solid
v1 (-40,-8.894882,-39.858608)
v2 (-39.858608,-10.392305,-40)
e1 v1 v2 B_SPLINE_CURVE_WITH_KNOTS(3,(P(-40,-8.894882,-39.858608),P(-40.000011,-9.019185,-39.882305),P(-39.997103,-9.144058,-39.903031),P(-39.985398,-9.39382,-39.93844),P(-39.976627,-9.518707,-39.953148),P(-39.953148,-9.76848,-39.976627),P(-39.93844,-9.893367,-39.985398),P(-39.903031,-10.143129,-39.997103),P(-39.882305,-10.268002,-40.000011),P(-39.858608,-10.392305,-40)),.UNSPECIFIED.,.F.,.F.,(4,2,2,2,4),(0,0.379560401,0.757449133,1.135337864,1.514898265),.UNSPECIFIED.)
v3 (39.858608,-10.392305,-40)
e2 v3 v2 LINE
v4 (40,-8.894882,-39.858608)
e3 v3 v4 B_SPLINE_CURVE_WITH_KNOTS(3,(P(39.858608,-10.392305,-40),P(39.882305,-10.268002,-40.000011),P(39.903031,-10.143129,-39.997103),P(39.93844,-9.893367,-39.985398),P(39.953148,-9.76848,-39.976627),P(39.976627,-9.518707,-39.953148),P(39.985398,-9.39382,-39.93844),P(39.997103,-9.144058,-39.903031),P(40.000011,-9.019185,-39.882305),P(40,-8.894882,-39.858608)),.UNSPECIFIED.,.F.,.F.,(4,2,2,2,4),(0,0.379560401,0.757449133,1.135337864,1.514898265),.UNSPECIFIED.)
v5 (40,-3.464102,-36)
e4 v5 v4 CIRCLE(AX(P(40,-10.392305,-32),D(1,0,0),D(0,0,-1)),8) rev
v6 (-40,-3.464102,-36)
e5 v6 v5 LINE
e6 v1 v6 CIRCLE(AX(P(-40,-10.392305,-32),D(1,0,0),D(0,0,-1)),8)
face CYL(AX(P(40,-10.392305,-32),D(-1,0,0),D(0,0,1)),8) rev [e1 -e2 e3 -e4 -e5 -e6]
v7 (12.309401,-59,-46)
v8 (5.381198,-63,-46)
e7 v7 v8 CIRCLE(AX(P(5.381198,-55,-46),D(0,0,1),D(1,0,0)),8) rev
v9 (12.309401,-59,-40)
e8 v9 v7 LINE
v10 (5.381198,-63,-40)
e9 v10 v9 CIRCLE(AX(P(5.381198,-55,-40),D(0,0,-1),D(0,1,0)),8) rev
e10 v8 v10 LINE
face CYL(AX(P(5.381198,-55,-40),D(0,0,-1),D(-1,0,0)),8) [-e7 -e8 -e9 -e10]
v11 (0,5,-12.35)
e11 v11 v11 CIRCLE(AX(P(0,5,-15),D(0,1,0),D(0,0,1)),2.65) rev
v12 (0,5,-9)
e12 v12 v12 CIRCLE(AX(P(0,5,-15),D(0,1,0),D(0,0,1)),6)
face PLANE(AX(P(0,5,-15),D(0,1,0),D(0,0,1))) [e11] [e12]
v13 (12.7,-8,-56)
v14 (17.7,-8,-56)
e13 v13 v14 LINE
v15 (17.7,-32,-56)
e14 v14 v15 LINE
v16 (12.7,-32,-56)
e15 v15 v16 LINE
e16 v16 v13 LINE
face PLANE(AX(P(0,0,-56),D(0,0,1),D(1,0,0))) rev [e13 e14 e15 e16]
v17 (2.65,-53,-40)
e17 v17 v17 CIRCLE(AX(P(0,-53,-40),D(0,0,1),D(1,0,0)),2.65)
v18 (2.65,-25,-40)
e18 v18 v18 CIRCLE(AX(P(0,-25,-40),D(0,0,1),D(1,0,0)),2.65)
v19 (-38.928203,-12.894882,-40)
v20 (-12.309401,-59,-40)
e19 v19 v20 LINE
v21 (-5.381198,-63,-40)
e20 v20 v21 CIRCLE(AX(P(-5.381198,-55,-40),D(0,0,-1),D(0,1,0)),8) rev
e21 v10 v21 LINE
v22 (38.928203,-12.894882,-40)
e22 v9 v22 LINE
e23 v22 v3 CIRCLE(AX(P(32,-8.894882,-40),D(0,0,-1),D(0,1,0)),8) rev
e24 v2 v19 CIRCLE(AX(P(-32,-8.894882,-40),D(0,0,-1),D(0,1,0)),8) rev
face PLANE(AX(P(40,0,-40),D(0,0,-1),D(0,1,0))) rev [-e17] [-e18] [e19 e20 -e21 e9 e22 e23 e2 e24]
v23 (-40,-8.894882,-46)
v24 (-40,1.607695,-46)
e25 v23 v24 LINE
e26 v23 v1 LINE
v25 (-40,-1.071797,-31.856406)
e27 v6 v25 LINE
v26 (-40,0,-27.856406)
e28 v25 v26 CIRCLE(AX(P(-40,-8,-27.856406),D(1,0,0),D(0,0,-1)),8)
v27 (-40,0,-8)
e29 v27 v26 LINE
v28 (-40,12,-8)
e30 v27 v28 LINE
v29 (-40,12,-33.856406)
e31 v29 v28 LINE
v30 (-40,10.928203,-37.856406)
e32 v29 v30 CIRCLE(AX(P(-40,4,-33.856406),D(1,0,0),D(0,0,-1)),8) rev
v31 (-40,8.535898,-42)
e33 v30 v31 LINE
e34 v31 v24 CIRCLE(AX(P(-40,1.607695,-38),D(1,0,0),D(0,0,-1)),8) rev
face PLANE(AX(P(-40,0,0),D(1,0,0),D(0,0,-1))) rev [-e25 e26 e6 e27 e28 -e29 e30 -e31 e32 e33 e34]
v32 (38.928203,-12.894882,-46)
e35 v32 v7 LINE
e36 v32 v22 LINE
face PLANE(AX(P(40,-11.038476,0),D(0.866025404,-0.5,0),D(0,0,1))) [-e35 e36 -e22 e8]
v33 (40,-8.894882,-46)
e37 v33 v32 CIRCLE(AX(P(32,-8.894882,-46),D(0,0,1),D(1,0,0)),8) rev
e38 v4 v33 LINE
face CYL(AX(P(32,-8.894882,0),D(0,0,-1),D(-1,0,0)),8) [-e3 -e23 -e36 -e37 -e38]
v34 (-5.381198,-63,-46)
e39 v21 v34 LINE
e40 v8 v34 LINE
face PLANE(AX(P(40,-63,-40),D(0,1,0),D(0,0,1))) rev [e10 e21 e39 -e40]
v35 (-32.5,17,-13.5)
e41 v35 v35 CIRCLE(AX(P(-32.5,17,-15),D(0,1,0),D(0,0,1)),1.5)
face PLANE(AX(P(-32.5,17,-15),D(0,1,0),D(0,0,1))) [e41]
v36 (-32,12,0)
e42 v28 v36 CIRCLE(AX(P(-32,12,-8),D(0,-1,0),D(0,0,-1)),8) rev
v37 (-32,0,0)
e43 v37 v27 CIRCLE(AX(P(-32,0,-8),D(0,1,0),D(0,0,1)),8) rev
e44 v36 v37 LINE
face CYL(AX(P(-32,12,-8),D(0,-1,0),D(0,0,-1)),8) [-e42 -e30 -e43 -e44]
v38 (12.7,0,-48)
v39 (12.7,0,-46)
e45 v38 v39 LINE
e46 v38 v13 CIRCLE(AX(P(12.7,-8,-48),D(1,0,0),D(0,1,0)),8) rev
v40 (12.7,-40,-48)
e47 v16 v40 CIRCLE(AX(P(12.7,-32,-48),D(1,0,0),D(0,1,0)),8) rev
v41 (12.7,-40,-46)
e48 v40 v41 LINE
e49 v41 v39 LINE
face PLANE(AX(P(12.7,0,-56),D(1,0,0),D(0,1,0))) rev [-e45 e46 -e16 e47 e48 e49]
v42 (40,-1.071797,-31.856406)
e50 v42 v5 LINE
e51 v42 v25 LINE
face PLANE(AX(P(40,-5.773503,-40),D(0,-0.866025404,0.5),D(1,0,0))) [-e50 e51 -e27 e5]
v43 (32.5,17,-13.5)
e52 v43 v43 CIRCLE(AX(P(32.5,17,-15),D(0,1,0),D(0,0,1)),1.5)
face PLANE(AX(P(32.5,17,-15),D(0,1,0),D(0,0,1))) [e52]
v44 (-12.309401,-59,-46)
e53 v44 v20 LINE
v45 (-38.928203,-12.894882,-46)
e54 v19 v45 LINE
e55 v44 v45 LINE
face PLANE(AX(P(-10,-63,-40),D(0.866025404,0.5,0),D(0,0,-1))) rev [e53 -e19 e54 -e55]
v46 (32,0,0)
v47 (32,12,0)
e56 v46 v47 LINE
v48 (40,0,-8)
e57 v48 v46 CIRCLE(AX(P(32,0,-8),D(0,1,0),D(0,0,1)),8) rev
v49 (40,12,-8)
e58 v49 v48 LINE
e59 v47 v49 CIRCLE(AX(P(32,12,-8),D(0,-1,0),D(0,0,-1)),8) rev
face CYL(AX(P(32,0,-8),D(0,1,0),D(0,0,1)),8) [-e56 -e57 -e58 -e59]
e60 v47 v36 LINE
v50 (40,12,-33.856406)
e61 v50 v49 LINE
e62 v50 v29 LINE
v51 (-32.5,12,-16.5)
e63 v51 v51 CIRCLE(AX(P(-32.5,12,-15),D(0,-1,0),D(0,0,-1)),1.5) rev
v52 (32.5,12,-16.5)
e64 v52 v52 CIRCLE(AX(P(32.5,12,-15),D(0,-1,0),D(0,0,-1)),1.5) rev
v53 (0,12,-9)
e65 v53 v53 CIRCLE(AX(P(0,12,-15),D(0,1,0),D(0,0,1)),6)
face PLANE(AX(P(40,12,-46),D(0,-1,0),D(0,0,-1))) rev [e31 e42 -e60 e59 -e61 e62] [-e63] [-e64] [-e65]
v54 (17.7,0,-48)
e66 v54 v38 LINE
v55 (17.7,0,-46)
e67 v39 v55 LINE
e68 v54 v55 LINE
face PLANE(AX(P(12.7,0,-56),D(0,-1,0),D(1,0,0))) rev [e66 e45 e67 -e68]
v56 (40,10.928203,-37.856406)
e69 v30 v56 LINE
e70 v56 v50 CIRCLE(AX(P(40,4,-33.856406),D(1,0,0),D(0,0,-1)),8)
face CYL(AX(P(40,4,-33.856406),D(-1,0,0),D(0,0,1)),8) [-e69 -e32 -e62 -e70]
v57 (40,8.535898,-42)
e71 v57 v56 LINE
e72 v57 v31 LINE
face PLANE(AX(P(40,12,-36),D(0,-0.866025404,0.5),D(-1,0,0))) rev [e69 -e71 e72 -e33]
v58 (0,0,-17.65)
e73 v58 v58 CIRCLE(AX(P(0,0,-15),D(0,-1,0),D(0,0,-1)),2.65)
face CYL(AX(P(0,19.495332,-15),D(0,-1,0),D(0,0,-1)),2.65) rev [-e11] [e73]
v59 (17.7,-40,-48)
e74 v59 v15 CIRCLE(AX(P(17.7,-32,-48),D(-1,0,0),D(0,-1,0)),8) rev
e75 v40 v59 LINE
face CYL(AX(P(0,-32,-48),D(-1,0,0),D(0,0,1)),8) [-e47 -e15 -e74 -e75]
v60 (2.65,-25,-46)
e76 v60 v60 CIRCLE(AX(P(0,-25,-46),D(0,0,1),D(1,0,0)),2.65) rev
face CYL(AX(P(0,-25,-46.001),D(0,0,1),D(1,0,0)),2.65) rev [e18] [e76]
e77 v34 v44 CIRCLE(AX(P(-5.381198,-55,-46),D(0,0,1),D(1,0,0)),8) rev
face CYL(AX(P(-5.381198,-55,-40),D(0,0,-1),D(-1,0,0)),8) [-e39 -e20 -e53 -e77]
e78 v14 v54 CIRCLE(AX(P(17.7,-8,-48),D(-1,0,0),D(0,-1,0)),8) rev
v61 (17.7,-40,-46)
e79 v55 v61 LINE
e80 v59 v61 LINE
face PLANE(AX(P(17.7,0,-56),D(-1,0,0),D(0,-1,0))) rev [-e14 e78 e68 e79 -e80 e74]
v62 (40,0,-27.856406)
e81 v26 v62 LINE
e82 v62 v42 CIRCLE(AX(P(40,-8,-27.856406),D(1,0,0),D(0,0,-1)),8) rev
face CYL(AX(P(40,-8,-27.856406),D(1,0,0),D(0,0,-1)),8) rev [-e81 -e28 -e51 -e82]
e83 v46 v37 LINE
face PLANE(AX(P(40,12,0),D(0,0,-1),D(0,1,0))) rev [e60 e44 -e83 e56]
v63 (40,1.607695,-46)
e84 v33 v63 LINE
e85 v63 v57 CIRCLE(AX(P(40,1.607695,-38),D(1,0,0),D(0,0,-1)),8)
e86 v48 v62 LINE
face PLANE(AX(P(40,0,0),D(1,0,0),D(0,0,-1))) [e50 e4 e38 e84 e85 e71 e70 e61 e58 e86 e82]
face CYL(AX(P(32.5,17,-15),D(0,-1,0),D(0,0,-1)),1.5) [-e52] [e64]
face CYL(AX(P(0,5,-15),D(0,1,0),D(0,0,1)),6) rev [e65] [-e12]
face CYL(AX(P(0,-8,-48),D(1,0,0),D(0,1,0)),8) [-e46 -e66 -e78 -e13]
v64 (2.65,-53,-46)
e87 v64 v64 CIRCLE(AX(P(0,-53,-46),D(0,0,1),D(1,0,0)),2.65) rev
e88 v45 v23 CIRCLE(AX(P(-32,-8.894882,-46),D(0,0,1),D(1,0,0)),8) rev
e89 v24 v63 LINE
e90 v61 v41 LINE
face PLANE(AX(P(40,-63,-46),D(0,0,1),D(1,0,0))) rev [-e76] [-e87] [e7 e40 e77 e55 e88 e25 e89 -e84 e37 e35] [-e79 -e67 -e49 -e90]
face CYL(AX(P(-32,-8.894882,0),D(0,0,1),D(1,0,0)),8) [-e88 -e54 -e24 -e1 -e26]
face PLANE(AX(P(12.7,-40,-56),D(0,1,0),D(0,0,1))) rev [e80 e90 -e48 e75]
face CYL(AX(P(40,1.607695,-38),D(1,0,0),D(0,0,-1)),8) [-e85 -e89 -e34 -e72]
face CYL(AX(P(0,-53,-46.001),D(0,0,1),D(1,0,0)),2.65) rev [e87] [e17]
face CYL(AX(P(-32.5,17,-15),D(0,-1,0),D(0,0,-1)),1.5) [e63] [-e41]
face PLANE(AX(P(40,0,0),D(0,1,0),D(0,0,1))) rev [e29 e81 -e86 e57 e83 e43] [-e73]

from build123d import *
from OCP.BRepFilletAPI import BRepFilletAPI_MakeChamfer

# Parameters (mm, degrees)
BOSS_EXTRUDE1_DEPTH = 40
SKETCH2_R           = 2.65
CUT_EXTRUDE2_DEPTH  = 12
SKETCH3_R           = 6
CUT_EXTRUDE3_DEPTH  = 7
CUT_EXTRUDE4_REACH  = 86.67
SKETCH4_R           = 2.65
CHAMFER2_SIZE       = 30
CHAMFER2_SIZE2      = 51.961524227
SKETCH7_W           = 5
SKETCH7_H           = 40
BOSS_EXTRUDE3_DEPTH = 10
CHAMFER1_SIZE       = 10
CHAMFER1_SIZE2      = 5.773502692
FILLET1_R           = 8
FILLET2_R           = 8
SKETCH5_R           = 1.5
BOSS_EXTRUDE2_DEPTH = 5
FILLET3_R           = 8


with BuildPart() as part:
    # Sketch1 → Boss-Extrude1 (new, symmetric)
    with BuildSketch(Plane(origin=(0, 0, 0), x_dir=(0, 0, -1), z_dir=(1, 0, 0))):
        Polygon((0, 0), (40, 0), (40, -63), (46, -63), (46, 12), (0, 12), align=None)
    extrude(amount=BOSS_EXTRUDE1_DEPTH, both=True)

    # Sketch2 → Cut-Extrude2 (cut)
    with BuildSketch(Plane.XZ):
        with Locations(Location((0, -15, 0), (0, 0, 270))):
            Circle(SKETCH2_R)
    extrude(amount=-CUT_EXTRUDE2_DEPTH, mode=Mode.SUBTRACT)

    # Sketch3 → Cut-Extrude3 (cut)
    with BuildSketch(Plane(origin=(0, 12, 0), x_dir=(1, 0, 0), z_dir=(0, 1, 0))):
        with Locations(Location((0, 15, 0), (0, 0, 270))):
            Circle(SKETCH3_R)
    extrude(amount=-CUT_EXTRUDE3_DEPTH, mode=Mode.SUBTRACT)

    # Sketch4 → Cut-Extrude4 (cut, up to next)
    with BuildSketch(Plane.XY.offset(-40), mode=Mode.PRIVATE) as cut_extrude4_sk1:
        with Locations((0, -53)):
            Circle(SKETCH4_R)
    cut_extrude4_tool1 = extrude(cut_extrude4_sk1.sketch, amount=-CUT_EXTRUDE4_REACH, mode=Mode.PRIVATE) & part.part
    # Sketch4 → Cut-Extrude4 (cut, up to next)
    with BuildSketch(Plane.XY.offset(-40), mode=Mode.PRIVATE) as cut_extrude4_sk2:
        with Locations((0, -25)):
            Circle(SKETCH4_R)
    cut_extrude4_tool2 = extrude(cut_extrude4_sk2.sketch, amount=-CUT_EXTRUDE4_REACH, mode=Mode.PRIVATE) & part.part
    add(cut_extrude4_tool1.solids().sort_by_distance((0, -53, -40))[0], mode=Mode.SUBTRACT)
    add(cut_extrude4_tool2.solids().sort_by_distance((0, -25, -40))[0], mode=Mode.SUBTRACT)

    # Chamfer2
    chamfer2_edges = [part.edges().sort_by_distance(p)[0] for p in [
        (40, -63, -43),
        (-40, -63, -43),
    ]]
    chamfer2_side = [part.faces().sort_by_distance(p)[0] for p in [
        (0, -63, -43),
    ]]
    chamfer(chamfer2_edges, length=CHAMFER2_SIZE, length2=CHAMFER2_SIZE2, reference=chamfer2_side[0])

    # Sketch7 → Boss-Extrude3 (add)
    with BuildSketch(Plane(origin=(0, 0, -46), x_dir=(-1, 0, 0), z_dir=(0, 0, -1))):
        with Locations((-15.2, -20)):
            Rectangle(SKETCH7_W, SKETCH7_H)
    extrude(amount=BOSS_EXTRUDE3_DEPTH)

    # Chamfer1: one chamfer whose edges measure the first distance from different faces: ONE call of the kernel's chamfer builder (chamfer() names one face for all edges)
    chamfer1_edges_1 = [part.edges().sort_by_distance(p)[0] for p in [
        (0, 12, -46),
    ]]
    chamfer1_side_1 = [part.faces().sort_by_distance(p)[0] for p in [
        (0, 12, -23.253659483),
    ]]
    chamfer1_edges_2 = [part.edges().sort_by_distance(p)[0] for p in [
        (0, 0, -40),
    ]]
    chamfer1_side_2 = [part.faces().sort_by_distance(p)[0] for p in [
        (0, 0, -20.034710925),
    ]]
    chamfer1 = BRepFilletAPI_MakeChamfer(part.part.solid().wrapped)
    for e in chamfer1_edges_1:
        chamfer1.Add(CHAMFER1_SIZE, CHAMFER1_SIZE2, e.wrapped, chamfer1_side_1[0].wrapped)  # the first distance lies on this face
    for e in chamfer1_edges_2:
        chamfer1.Add(CHAMFER1_SIZE, CHAMFER1_SIZE2, e.wrapped, chamfer1_side_2[0].wrapped)  # the first distance lies on this face
    add(Compound.cast(chamfer1.Shape()), mode=Mode.REPLACE)

    # Fillet1
    fillet1_edges = [part.edges().sort_by_distance(p)[0] for p in [
        (0, 12, -36),
        (0, 6.226497308, -46),
        (0, -5.773502692, -40),
        (0, 0, -30),
    ]]
    fillet(fillet1_edges, radius=FILLET1_R)

    # Fillet2
    fillet2_edges = [part.edges().sort_by_distance(p)[0] for p in [
        (-40, 6, 0),
        (40, 6, 0),
        (-40, -11.038475773, -43),
        (40, -11.038475773, -43),
        (10, -63, -43),
        (-10, -63, -43),
    ]]
    fillet(fillet2_edges, radius=FILLET2_R)

    # Sketch5 → Boss-Extrude2 (add)
    with BuildSketch(Plane(origin=(0, 12, 0), x_dir=(1, 0, 0), z_dir=(0, 1, 0))):
        with Locations(Location((-32.5, 15, 0), (0, 0, 90))):
            Circle(SKETCH5_R)
        with Locations(Location((32.5, 15, 0), (0, 0, 90))):
            Circle(SKETCH5_R)
    extrude(amount=BOSS_EXTRUDE2_DEPTH)

    # Fillet3
    fillet3_edges = [part.edges().sort_by_distance(p)[0] for p in [
        (15.2, 0, -56),
        (15.2, -40, -56),
    ]]
    fillet(fillet3_edges, radius=FILLET3_R)


solid = part.part
